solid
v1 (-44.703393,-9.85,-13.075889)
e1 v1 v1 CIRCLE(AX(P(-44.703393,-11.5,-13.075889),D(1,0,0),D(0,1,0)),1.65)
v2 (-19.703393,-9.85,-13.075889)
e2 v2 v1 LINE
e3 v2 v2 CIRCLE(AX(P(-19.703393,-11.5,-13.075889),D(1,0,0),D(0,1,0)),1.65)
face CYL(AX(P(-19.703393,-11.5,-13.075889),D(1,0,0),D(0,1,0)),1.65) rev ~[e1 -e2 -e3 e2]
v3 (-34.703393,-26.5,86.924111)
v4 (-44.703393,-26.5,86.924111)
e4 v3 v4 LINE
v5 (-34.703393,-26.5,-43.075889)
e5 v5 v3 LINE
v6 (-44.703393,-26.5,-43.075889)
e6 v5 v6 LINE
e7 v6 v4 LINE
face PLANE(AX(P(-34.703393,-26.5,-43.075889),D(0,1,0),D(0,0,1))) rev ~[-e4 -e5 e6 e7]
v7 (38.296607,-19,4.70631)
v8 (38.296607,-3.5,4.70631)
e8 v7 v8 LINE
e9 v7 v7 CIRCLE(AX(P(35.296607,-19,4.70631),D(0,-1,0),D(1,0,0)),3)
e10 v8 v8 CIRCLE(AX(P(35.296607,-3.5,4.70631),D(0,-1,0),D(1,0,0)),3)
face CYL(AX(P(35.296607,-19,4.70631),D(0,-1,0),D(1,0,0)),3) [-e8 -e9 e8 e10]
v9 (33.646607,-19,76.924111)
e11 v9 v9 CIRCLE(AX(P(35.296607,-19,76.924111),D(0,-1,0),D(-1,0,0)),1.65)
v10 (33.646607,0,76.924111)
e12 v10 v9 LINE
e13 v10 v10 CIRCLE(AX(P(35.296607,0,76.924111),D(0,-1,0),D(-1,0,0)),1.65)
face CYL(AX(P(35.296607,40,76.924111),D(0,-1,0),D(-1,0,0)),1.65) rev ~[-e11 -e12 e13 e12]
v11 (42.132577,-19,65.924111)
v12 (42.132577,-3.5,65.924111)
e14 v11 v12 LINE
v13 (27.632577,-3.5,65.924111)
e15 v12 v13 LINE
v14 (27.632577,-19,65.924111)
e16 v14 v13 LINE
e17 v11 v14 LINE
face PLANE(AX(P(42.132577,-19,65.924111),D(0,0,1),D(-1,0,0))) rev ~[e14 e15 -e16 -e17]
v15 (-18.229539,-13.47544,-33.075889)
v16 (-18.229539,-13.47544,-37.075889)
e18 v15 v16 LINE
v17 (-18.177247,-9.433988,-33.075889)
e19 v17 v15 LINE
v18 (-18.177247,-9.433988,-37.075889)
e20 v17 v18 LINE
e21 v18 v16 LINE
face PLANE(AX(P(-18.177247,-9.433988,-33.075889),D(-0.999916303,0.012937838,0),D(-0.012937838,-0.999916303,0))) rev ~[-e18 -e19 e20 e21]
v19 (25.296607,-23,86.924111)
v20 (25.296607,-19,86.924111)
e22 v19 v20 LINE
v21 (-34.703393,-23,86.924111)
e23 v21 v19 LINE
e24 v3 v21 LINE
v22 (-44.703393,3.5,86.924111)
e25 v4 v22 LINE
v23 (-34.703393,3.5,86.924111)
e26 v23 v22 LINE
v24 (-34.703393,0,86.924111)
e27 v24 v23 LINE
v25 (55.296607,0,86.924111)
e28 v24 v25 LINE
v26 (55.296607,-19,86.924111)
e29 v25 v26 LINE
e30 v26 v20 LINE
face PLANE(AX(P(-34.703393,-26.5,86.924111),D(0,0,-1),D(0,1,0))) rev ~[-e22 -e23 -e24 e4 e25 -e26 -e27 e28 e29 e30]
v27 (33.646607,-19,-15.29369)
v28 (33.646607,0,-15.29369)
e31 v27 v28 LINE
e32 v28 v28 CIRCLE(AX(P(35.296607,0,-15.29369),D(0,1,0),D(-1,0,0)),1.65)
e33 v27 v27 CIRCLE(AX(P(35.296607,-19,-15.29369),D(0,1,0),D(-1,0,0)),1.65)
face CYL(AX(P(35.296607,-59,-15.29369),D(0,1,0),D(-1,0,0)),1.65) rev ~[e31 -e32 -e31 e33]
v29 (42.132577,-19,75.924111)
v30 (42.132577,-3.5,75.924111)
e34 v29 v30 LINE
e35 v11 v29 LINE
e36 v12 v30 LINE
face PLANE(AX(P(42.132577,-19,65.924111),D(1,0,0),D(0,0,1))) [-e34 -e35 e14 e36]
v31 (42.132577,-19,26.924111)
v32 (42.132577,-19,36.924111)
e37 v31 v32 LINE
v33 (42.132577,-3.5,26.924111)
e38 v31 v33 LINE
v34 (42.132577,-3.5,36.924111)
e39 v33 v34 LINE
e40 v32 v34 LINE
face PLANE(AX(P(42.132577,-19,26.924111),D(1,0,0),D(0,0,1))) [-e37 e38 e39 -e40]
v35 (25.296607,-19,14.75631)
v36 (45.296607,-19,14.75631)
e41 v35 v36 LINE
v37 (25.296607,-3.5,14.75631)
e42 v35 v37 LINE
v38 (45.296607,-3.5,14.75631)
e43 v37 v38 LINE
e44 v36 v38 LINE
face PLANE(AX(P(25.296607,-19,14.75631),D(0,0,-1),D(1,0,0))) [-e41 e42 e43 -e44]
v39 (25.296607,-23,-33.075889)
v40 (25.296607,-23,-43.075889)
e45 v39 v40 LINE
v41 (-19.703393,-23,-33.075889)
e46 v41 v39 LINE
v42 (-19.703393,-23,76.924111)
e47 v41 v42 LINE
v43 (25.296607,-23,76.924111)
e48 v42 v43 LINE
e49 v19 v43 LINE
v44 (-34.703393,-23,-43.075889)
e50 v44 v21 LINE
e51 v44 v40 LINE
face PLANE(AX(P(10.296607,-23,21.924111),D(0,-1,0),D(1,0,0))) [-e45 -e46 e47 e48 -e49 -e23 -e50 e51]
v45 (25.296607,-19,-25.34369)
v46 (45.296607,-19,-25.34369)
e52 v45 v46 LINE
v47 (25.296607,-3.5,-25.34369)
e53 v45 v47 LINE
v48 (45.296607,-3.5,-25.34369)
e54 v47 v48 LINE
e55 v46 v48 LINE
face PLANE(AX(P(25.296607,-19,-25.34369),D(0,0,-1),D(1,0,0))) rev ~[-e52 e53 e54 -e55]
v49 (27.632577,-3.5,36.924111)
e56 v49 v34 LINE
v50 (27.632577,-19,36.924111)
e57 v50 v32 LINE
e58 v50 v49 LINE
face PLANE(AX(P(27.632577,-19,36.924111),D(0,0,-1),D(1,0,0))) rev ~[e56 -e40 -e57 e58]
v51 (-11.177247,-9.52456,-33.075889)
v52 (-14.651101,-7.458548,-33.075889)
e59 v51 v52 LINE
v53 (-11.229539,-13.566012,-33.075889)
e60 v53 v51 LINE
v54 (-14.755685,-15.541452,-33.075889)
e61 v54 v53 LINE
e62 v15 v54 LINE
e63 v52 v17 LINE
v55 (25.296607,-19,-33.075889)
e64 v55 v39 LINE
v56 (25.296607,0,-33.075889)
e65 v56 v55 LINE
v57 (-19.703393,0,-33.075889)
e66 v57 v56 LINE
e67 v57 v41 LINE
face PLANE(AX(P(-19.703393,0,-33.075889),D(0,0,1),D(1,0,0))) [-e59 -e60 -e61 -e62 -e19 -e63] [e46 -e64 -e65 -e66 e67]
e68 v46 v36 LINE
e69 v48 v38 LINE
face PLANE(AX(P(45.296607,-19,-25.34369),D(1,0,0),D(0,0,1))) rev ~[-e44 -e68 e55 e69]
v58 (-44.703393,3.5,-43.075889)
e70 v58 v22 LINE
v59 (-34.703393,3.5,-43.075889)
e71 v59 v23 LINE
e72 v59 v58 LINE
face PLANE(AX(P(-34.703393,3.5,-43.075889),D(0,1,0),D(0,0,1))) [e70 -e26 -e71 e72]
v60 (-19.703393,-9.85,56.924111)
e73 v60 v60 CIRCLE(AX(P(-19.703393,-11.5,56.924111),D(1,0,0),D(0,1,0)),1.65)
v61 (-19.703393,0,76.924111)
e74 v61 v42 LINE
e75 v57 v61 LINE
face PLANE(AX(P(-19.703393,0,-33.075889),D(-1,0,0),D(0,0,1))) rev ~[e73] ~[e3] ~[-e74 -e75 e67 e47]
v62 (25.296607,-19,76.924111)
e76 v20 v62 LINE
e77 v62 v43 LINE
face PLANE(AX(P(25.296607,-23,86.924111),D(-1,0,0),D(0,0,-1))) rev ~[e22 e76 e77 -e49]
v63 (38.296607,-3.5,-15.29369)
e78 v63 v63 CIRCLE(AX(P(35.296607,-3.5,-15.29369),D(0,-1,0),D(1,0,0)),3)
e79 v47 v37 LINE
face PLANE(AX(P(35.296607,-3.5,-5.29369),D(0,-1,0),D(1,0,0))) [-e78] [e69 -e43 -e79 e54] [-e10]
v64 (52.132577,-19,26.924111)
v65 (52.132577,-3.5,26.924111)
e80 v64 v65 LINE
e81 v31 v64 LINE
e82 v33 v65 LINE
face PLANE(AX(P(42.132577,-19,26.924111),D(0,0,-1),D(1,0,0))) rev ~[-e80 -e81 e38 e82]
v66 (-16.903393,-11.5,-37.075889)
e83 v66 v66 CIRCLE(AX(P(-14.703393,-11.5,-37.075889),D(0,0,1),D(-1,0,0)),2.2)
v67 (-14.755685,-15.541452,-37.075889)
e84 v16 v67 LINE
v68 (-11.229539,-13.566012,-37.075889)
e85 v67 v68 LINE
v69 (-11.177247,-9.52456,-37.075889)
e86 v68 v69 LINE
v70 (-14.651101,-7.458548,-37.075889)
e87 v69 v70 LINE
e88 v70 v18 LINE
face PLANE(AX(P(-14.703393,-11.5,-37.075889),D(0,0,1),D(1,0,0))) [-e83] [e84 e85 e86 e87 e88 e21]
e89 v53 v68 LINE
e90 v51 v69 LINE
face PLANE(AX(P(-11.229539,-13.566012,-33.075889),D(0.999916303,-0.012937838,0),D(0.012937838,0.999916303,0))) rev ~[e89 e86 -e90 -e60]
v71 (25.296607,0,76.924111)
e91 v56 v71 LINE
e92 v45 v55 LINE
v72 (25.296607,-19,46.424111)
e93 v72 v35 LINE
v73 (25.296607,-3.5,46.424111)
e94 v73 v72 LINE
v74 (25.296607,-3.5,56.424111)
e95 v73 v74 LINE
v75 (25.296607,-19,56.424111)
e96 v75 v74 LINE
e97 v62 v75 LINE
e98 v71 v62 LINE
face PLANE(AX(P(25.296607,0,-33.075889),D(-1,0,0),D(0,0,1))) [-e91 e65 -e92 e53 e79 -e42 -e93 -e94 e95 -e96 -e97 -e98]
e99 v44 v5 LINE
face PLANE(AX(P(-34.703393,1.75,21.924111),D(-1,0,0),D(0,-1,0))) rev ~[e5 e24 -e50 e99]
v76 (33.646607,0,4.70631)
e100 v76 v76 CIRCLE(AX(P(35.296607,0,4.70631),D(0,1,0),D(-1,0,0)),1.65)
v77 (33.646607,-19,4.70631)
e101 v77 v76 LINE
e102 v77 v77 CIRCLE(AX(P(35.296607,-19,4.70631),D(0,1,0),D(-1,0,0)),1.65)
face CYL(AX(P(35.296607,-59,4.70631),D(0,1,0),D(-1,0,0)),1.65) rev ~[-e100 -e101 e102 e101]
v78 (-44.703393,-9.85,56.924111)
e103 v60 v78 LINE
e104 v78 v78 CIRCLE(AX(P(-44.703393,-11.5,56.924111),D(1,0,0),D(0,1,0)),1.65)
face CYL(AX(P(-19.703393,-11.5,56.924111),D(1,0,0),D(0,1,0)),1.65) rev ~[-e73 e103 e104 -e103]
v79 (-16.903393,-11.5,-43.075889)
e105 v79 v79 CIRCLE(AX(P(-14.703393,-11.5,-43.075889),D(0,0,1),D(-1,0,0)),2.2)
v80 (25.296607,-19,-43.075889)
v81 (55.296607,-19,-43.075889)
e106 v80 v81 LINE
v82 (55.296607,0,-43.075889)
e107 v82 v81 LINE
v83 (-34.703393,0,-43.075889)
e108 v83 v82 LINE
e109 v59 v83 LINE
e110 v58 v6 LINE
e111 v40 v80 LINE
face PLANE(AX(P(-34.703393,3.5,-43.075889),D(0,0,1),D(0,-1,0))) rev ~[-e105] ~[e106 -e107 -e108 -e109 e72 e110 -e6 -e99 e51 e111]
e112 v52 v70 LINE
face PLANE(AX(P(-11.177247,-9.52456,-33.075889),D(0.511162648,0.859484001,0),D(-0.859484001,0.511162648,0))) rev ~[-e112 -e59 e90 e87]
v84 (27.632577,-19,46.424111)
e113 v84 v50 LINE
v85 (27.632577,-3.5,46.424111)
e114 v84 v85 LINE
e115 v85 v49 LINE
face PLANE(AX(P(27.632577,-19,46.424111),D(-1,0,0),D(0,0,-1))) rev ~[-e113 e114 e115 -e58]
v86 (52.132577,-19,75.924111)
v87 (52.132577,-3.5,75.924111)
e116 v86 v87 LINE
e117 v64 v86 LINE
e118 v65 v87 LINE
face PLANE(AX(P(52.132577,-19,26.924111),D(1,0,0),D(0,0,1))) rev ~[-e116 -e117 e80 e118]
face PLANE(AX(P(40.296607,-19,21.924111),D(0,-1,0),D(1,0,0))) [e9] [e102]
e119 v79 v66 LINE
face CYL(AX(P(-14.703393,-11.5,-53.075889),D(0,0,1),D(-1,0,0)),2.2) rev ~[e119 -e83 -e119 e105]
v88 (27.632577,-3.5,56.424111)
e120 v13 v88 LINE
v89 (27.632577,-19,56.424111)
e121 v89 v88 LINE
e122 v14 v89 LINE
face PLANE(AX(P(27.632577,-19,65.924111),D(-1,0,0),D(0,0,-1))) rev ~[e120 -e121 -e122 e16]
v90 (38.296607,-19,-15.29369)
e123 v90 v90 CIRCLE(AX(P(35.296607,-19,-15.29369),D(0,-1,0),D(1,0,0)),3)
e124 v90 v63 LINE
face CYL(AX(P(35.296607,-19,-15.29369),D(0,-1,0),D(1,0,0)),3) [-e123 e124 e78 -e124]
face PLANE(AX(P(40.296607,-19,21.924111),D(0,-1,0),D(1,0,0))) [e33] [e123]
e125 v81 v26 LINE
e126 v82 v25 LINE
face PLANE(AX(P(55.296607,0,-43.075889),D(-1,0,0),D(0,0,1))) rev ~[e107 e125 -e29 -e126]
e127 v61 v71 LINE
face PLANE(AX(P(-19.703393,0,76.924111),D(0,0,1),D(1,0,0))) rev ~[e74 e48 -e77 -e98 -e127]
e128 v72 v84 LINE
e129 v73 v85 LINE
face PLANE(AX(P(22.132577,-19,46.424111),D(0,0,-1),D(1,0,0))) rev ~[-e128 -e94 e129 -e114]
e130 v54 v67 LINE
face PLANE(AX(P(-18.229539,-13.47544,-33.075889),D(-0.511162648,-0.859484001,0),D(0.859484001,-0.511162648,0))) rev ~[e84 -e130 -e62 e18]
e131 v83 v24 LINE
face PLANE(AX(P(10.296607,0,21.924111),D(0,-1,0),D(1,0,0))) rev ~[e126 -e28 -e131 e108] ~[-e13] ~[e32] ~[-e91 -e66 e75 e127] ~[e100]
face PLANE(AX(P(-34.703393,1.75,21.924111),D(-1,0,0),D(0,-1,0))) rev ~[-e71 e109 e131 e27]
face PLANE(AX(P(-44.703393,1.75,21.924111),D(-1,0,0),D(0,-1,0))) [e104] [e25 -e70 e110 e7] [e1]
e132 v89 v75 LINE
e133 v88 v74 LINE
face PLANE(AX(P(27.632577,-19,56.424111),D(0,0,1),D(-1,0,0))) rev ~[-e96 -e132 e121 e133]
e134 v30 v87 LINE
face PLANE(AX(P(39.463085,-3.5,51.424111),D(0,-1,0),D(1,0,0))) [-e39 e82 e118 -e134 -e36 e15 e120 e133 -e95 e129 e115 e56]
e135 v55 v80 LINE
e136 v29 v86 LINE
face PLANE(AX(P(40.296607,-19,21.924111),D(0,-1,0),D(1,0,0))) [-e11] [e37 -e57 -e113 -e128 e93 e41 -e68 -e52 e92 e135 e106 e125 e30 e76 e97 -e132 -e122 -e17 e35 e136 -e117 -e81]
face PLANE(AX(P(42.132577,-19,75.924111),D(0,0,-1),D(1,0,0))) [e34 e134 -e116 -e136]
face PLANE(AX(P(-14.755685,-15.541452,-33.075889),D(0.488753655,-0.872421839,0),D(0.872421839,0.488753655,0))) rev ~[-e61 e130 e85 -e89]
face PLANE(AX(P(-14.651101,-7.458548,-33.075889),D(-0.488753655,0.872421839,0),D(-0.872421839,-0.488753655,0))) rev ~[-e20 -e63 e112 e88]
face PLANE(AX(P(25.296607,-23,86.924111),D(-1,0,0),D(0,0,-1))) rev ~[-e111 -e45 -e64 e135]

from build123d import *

# Parameters (mm, degrees)
F0_W      = 90
F0_H      = 130
F0_W_2    = 45
F0_H_2    = 110
F1_DEPTH  = 23
F2_W      = 3.5
F2_H      = 130
F2_W_2    = 23
F3_DEPTH  = 10
F5_DEPTH  = 4
F6_W      = 5.5
F6_H      = 10
F6_W_2    = 3.1640307605
F6_W_3    = 2.3359692395
F6_W_4    = 10
F6_W_5    = 20
F6_H_2    = 40.1
F6_R      = 3
F7_DEPTH  = 15.5
F9_D      = 3.3
F9_DEPTH  = 40
F9_TIP    = 0.9914200214
F10_D     = 3.3
F10_DEPTH = 40
F10_TIP   = 0.9914200214
F12_D     = 3.3
F12_DEPTH = 40
F12_TIP   = 0.9914200214
F14_D     = 4.4
F14_DEPTH = 10
F14_TIP   = 1.3218933619
F15_R     = 2.2
F16_DEPTH = 4


with BuildPart() as f1:
    # F0 (on Front) → F1 (new body)
    with BuildSketch(Plane.XZ):
        with Locations((10.2966074646, 21.924110651)):
            Rectangle(F0_W, F0_H)
        with Locations((2.7966074646, 21.924110651)):
            Rectangle(F0_W_2, F0_H_2, mode=Mode.SUBTRACT)
    extrude(amount=F1_DEPTH)

    # F2 (on face) → F3 (join)
    with BuildSketch(Plane(origin=(-34.7033925354, 0, 0), x_dir=(0, -1, 0), z_dir=(-1, 0, 0))):
        with Locations((-1.75, 21.924110651)):
            Rectangle(F2_W, F2_H)
        with Locations((11.5, 21.924110651)):
            Rectangle(F2_W_2, F2_H)
        with Locations((24.75, 21.924110651)):
            Rectangle(F2_W, F2_H)
    extrude(amount=F3_DEPTH)

    # F4 (on face) → F5 (cut)
    with BuildSketch(Plane.XZ.offset(23)):
        Polygon((55.2966074646, -43.075889349), (55.2966074646, 86.924110651), (25.2966074646, 86.924110651), (25.2966074646, 76.924110651), (25.2966074646, -33.075889349), (25.2966074646, -43.075889349), align=None)
    extrude(amount=-F5_DEPTH, mode=Mode.SUBTRACT)

    # F6 (on face) → F7 (cut)
    with BuildSketch(Plane.XZ.offset(19)):
        Polygon((42.132576704, 65.924110651), (27.632576704, 65.924110651), (27.632576704, 56.424110651), (33.132576704, 56.424110651), (33.132576704, 46.424110651), (27.632576704, 46.424110651), (27.632576704, 36.924110651), (42.132576704, 36.924110651), (52.132576704, 36.924110651), (52.132576704, 65.924110651), align=None)
        with Locations((30.382576704, 51.424110651)):
            Rectangle(F6_W, F6_H)
        with Locations((23.7145920843, 51.424110651)):
            Rectangle(F6_W_2, F6_H)
        with Locations((26.4645920843, 51.424110651)):
            Rectangle(F6_W_3, F6_H)
        with Locations((47.132576704, 70.924110651)):
            Rectangle(F6_W_4, F6_H)
        with Locations((47.132576704, 31.924110651)):
            Rectangle(F6_W_4, F6_H)
        with Locations((35.2966074646, -5.2936900675)):
            Rectangle(F6_W_5, F6_H_2)
        with Locations((35.2966074646, -15.2936900675)):
            Circle(F6_R, mode=Mode.SUBTRACT)
        with Locations((35.2966074646, 4.7063099325)):
            Circle(F6_R, mode=Mode.SUBTRACT)
    extrude(amount=-F7_DEPTH, mode=Mode.SUBTRACT)

    # F9
    with Locations(Plane.XZ.offset(19)):
        with Locations((35.2966074646, 4.7063099325), (35.2966074646, -15.2936900675)):
            Hole(F9_D / 2, depth=F9_DEPTH)
            with Locations((0, 0, -(F9_DEPTH + F9_TIP / 2))):  # 118° drill point
                Cone(0, F9_D / 2, F9_TIP, mode=Mode.SUBTRACT)

    # F10
    with Locations(Plane(origin=(0, 0, 0), x_dir=(1, 0, 0), z_dir=(0, 1, 0))):
        with Locations((35.2966074646, -76.924110651)):
            Hole(F10_D / 2, depth=F10_DEPTH)
            with Locations((0, 0, -(F10_DEPTH + F10_TIP / 2))):  # 118° drill point
                Cone(0, F10_D / 2, F10_TIP, mode=Mode.SUBTRACT)

    # F12 (one way)
    with BuildSketch(Plane.YZ.offset(-19.7033925354)):
        with Locations((-11.5, 56.924110651), (-11.5, -13.075889349)):
            Circle(F12_D / 2)
    extrude(amount=-F12_DEPTH, mode=Mode.SUBTRACT)
    with Locations(Plane.YZ.offset(-19.7033925354)):
        with Locations((-11.5, 56.924110651), (-11.5, -13.075889349)):
            with Locations((0, 0, -(F12_DEPTH + F12_TIP / 2))):  # 118° drill point
                Cone(0, F12_D / 2, F12_TIP, mode=Mode.SUBTRACT)

    # F14
    with Locations(Plane(origin=(0, 0, -43.075889349), x_dir=(1, 0, 0), z_dir=(0, 0, -1))):
        with Locations((-14.7033925354, 11.5)):
            Hole(F14_D / 2, depth=F14_DEPTH)
            with Locations((0, 0, -(F14_DEPTH + F14_TIP / 2))):  # 118° drill point
                Cone(0, F14_D / 2, F14_TIP, mode=Mode.SUBTRACT)

    # F15 (on face) → F16 (cut)
    with BuildSketch(Plane.XY.offset(-33.075889349)):
        Polygon((-11.1772465223, -9.524560281), (-14.6511005092, -7.4585481157), (-18.1772465223, -9.4339878346), (-18.2295385486, -13.475439719), (-14.7556845617, -15.5414518843), (-11.2295385486, -13.5660121654), align=None)
        with Locations((-14.7033925354, -11.5)):
            Circle(F15_R, mode=Mode.SUBTRACT)
    extrude(amount=-F16_DEPTH, mode=Mode.SUBTRACT)


solid = f1.part
